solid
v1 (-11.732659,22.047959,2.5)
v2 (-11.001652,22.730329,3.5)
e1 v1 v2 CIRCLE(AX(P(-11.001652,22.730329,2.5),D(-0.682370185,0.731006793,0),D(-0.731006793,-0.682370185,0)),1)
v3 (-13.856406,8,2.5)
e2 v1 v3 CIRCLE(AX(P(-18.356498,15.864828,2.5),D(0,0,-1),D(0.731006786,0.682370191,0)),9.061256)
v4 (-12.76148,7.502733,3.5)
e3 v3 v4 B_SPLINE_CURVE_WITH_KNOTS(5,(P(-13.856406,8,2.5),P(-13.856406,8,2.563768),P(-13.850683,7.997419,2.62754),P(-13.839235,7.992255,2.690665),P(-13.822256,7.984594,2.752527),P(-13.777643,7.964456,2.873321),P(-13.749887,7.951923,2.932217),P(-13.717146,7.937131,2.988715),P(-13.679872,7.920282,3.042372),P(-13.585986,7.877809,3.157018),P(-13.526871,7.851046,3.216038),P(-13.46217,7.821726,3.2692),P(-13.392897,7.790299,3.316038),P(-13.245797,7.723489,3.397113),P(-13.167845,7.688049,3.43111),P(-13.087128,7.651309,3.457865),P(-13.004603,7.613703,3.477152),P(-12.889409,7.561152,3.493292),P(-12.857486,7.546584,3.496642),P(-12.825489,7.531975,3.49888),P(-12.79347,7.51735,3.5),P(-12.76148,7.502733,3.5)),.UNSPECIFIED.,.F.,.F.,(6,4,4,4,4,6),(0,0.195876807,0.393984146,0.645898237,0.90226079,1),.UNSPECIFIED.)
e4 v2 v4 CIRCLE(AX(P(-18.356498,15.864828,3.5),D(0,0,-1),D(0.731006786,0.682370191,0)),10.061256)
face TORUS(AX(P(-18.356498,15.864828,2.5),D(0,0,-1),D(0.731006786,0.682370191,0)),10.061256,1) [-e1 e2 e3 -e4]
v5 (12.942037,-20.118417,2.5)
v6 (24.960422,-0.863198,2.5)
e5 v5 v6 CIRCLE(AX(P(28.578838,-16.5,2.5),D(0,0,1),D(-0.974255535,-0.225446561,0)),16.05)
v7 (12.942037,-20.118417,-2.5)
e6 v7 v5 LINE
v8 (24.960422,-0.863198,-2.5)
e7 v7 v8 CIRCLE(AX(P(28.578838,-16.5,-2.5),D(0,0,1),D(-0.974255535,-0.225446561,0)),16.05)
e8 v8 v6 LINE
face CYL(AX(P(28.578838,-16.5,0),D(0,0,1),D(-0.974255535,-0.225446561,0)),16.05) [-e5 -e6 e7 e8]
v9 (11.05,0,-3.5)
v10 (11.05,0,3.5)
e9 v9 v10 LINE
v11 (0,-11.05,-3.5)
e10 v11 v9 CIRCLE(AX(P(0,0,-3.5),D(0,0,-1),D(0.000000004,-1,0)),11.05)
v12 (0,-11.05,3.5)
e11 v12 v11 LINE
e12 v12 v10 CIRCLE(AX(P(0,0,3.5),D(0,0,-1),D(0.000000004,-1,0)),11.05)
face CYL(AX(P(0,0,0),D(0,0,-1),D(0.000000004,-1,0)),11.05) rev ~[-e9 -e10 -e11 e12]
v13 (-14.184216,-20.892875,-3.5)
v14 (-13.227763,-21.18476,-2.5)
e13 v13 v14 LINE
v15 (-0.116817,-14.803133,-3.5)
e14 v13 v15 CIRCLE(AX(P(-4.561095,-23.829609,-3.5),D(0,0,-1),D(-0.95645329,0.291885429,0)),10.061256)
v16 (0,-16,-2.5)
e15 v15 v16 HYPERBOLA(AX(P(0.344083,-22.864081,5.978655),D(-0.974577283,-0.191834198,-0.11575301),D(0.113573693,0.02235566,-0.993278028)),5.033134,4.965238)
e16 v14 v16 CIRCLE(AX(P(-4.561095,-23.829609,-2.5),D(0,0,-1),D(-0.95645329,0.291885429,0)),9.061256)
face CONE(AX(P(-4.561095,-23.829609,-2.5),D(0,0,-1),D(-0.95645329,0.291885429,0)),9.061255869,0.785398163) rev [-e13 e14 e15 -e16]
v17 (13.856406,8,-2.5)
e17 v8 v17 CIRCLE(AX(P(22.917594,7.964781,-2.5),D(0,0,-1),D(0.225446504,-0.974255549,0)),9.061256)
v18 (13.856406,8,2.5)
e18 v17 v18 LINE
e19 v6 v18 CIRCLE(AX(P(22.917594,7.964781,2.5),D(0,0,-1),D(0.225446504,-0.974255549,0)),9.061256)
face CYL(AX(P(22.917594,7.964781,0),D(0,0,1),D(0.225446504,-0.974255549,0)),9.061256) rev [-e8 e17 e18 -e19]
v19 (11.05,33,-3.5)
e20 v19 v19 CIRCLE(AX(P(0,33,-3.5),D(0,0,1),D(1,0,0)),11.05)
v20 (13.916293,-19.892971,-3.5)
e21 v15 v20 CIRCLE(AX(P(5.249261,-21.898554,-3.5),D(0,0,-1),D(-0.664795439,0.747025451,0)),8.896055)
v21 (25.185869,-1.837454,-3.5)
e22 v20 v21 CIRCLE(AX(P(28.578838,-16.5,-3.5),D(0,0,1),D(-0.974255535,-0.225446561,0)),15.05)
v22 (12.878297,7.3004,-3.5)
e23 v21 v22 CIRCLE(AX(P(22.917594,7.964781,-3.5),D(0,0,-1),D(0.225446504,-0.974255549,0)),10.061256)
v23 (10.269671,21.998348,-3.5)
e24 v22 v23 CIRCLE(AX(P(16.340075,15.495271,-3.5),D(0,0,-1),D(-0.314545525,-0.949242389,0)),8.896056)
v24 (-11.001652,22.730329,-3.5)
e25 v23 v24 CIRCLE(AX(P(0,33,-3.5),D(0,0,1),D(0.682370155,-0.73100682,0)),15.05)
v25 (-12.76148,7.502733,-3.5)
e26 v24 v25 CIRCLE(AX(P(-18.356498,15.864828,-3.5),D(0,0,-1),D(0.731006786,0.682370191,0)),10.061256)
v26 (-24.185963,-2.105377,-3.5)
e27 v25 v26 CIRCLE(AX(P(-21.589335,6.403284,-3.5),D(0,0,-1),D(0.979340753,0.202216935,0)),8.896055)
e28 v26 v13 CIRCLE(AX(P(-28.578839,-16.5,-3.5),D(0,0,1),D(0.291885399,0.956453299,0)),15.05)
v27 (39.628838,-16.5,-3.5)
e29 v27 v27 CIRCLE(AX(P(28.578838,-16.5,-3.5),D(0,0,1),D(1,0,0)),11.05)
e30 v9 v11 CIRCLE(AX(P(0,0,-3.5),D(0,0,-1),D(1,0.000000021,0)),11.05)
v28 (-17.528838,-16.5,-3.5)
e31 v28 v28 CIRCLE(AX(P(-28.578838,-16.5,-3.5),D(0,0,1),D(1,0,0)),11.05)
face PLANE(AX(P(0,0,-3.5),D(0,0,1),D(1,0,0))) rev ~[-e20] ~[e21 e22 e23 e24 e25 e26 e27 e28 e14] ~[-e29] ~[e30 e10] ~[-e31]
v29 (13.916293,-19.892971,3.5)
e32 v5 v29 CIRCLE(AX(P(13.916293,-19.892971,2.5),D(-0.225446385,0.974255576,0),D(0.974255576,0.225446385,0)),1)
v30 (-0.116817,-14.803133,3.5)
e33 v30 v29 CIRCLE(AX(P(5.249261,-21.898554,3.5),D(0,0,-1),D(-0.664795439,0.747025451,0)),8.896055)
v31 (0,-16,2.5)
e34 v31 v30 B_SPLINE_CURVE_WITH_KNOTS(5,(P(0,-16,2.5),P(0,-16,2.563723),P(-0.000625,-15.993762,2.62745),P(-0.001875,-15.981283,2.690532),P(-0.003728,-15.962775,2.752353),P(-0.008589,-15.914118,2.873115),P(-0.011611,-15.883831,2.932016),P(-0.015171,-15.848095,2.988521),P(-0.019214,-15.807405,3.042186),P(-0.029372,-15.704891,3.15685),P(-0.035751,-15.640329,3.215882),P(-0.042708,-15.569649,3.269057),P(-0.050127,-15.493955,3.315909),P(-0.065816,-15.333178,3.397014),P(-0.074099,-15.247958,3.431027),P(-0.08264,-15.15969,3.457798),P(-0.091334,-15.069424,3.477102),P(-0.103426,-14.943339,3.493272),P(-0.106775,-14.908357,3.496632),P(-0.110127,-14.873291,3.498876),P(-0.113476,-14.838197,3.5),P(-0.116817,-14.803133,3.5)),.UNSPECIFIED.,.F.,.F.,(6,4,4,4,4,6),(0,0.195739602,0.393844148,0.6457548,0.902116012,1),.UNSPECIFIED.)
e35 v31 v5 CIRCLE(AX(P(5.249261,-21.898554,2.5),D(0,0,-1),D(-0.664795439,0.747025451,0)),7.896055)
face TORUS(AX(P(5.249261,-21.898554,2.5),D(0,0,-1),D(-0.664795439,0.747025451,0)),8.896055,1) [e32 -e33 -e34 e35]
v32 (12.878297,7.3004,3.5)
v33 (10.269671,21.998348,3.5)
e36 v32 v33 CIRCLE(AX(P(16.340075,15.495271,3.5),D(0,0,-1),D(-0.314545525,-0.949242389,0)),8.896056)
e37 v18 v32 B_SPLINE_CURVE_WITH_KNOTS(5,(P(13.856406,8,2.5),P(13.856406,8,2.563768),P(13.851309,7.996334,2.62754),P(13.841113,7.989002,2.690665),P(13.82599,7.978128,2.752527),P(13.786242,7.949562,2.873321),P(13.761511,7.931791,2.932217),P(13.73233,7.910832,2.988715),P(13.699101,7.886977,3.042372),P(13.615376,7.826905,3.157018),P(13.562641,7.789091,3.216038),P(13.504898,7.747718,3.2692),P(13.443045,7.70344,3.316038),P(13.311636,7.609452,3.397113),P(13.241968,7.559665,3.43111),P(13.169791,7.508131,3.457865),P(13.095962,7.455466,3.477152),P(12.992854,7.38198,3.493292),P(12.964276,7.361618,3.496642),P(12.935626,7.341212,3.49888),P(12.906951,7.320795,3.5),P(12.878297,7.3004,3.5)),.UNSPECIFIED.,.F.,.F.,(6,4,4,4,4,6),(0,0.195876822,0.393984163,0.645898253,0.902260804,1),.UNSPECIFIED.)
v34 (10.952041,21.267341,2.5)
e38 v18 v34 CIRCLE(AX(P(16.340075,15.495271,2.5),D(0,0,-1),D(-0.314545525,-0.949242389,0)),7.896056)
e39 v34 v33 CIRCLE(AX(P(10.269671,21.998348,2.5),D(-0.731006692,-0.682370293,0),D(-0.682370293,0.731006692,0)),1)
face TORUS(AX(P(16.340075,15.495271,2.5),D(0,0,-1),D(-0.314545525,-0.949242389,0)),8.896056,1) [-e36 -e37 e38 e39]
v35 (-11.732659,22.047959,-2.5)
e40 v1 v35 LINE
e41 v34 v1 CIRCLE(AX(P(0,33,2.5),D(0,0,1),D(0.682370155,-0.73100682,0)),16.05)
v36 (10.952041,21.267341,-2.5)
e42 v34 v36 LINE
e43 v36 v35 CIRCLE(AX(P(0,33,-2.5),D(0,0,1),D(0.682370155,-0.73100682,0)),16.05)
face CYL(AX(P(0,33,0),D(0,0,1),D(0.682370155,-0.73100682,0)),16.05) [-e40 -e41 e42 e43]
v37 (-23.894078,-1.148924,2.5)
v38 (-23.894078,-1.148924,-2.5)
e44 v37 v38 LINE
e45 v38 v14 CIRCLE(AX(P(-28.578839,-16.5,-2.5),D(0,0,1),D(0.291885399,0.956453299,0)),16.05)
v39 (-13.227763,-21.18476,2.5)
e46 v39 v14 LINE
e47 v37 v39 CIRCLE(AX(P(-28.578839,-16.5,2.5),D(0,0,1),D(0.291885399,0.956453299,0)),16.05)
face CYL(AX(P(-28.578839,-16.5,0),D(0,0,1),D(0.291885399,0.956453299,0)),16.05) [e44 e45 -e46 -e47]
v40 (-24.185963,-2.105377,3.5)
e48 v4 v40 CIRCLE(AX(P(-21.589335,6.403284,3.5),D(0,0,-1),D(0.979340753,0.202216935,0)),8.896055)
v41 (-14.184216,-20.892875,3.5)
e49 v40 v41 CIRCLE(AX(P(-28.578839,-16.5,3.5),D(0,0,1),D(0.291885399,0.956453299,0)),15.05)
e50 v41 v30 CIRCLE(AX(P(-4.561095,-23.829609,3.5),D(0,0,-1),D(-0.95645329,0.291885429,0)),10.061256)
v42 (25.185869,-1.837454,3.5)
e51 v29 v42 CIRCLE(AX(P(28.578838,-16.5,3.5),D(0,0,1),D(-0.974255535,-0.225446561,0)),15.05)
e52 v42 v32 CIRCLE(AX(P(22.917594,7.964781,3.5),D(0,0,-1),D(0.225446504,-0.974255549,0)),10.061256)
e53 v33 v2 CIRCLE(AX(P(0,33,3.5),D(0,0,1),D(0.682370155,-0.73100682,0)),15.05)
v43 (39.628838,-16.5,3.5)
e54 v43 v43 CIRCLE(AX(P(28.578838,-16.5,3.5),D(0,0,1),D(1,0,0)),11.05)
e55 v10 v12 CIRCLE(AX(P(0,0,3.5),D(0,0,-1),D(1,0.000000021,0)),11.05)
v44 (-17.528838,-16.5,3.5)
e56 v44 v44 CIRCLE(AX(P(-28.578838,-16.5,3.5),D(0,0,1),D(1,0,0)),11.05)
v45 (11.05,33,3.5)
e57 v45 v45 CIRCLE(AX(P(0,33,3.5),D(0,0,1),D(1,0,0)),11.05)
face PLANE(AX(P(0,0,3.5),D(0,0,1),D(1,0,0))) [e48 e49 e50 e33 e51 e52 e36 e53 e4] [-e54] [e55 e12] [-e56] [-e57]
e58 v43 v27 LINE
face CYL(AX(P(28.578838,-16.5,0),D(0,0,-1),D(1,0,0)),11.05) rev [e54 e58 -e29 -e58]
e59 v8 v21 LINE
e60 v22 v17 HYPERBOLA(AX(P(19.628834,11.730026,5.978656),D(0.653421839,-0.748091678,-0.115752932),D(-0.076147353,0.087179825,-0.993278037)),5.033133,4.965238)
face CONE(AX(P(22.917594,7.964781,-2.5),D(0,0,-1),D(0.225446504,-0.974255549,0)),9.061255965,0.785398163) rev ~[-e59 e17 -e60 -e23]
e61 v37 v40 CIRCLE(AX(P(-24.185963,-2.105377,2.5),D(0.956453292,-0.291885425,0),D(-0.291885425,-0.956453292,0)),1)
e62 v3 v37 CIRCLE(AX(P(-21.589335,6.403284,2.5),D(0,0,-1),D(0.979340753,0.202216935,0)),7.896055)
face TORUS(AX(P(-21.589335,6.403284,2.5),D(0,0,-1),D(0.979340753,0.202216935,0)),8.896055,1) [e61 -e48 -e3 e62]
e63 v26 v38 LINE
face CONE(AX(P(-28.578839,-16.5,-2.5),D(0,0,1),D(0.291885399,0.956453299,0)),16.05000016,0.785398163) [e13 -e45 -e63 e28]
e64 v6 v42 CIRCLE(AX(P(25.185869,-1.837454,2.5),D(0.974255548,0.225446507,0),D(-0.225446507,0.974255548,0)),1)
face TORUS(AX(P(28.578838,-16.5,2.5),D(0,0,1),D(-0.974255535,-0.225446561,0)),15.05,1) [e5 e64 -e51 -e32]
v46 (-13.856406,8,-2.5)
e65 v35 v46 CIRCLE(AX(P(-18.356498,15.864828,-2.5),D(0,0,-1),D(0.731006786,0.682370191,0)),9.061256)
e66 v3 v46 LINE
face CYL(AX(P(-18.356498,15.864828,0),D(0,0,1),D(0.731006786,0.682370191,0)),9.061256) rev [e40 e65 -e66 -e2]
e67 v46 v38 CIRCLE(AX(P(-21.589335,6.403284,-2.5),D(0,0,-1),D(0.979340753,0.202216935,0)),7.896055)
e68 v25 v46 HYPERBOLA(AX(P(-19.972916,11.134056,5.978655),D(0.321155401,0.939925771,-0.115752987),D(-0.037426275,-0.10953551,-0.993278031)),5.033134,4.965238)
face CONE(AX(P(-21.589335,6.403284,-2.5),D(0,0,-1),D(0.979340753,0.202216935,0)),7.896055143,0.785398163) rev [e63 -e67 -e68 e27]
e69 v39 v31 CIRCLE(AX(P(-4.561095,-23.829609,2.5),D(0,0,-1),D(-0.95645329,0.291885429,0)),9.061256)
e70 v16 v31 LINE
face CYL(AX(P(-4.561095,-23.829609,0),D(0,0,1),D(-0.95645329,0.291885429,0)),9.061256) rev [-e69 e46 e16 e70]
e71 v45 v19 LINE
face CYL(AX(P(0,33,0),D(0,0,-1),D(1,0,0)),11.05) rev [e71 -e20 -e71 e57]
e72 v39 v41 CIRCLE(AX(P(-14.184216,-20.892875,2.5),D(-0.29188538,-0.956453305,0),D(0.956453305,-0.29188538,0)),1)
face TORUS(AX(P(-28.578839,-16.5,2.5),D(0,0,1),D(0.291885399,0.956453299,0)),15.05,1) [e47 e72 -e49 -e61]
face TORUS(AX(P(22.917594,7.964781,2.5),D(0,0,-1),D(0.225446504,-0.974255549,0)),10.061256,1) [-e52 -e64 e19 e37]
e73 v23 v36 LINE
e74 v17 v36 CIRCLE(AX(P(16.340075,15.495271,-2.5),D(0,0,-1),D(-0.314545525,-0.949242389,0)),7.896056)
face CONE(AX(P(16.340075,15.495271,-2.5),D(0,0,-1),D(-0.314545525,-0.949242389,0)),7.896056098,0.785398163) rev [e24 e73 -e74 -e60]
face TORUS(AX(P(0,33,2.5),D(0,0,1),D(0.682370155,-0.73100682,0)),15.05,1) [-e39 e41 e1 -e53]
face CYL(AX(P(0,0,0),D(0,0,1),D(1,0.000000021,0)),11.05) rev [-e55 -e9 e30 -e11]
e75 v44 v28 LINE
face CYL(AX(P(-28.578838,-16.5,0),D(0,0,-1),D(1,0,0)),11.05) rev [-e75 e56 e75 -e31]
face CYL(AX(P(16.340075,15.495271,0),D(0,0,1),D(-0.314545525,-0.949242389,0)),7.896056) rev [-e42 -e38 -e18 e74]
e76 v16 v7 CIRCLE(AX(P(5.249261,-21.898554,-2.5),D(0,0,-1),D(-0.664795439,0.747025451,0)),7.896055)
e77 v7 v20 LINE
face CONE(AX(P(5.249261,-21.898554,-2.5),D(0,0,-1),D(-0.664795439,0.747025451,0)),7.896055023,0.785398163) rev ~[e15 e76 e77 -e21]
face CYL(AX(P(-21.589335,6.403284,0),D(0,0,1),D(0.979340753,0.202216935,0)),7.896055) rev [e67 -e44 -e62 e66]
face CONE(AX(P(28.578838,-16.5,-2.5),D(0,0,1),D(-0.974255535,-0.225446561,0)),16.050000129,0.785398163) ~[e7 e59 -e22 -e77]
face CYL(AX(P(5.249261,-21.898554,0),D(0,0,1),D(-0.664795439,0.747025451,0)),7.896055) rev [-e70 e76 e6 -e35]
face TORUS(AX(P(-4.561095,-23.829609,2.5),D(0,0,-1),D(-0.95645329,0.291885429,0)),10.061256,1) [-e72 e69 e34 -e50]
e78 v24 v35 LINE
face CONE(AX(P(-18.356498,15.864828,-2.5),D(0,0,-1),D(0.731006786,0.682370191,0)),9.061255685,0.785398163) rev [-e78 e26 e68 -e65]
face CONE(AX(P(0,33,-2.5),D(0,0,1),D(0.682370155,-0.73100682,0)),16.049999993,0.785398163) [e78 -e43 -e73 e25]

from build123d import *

# Parameters (mm, degrees)
F0_R     = 11.05
F1_DEPTH = 3.5
F2_R     = 1
F3_SIZE  = 1


with BuildPart() as f1:
    # F0 (on Top) → F1 (new body, symmetric)
    with BuildSketch(Plane.XY):
        with BuildLine():
            ThreePointArc((-13.227763, -21.18476), (-7.86781, -15.393259), (0, -16))
            ThreePointArc((0, -16), (7.643636, -14.374283), (12.942037, -20.118417))
            ThreePointArc((12.942037, -20.118417), (42.194334, -24.998281), (24.960422, -0.863198))
            ThreePointArc((24.960422, -0.863198), (17.264859, 0.882906), (13.856406, 8))
            ThreePointArc((13.856406, 8), (8.626677, 13.806724), (10.952041, 21.267341))
            ThreePointArc((10.952041, 21.267341), (0.55198, 49.040506), (-11.732659, 22.047959))
            ThreePointArc((-11.732659, 22.047959), (-9.397048, 14.510353), (-13.856406, 8))
            ThreePointArc((-13.856406, 8), (-16.270312, 0.567559), (-23.894078, -1.148924))
            ThreePointArc((-23.894078, -1.148924), (-42.746314, -24.042224), (-13.227763, -21.18476))
        make_face()
        with Locations((-28.578838, -16.5)):
            Circle(F0_R, mode=Mode.SUBTRACT)
        with Locations((28.578838, -16.5)):
            Circle(F0_R, mode=Mode.SUBTRACT)
        with BuildLine():
            ThreePointArc((0, -11.05), (-7.81353, 7.81353), (11.05, 0))
            ThreePointArc((11.05, 0), (7.81353, -7.81353), (0, -11.05))
        make_face(mode=Mode.SUBTRACT)
        with Locations((0, 33)):
            Circle(F0_R, mode=Mode.SUBTRACT)
    extrude(amount=F1_DEPTH, both=True)

    # F2
    f2_edges = [f1.edges().sort_by_distance(p)[0] for p in [
        (0.55198, 49.040506, 3.5),
        (42.194334, -24.998281, 3.5),
        (17.264859, 0.882906, 3.5),
        (8.626677, 13.806724, 3.5),
        (-9.397048, 14.510353, 3.5),
        (-16.270312, 0.567559, 3.5),
        (-42.746314, -24.042224, 3.5),
        (-7.86781, -15.393259, 3.5),
        (7.643636, -14.374283, 3.5),
    ]]
    fillet(f2_edges, radius=F2_R)

    # F3
    f3_edges = [f1.edges().sort_by_distance(p)[0] for p in [
        (0.55198, 49.040506, -3.5),
        (-9.397048, 14.510353, -3.5),
        (-16.270312, 0.567559, -3.5),
        (-42.746314, -24.042224, -3.5),
        (-7.86781, -15.393259, -3.5),
        (7.643636, -14.374283, -3.5),
        (42.194334, -24.998281, -3.5),
        (17.264859, 0.882906, -3.5),
        (8.626677, 13.806724, -3.5),
    ]]
    chamfer(f3_edges, length=F3_SIZE)


solid = f1.part
